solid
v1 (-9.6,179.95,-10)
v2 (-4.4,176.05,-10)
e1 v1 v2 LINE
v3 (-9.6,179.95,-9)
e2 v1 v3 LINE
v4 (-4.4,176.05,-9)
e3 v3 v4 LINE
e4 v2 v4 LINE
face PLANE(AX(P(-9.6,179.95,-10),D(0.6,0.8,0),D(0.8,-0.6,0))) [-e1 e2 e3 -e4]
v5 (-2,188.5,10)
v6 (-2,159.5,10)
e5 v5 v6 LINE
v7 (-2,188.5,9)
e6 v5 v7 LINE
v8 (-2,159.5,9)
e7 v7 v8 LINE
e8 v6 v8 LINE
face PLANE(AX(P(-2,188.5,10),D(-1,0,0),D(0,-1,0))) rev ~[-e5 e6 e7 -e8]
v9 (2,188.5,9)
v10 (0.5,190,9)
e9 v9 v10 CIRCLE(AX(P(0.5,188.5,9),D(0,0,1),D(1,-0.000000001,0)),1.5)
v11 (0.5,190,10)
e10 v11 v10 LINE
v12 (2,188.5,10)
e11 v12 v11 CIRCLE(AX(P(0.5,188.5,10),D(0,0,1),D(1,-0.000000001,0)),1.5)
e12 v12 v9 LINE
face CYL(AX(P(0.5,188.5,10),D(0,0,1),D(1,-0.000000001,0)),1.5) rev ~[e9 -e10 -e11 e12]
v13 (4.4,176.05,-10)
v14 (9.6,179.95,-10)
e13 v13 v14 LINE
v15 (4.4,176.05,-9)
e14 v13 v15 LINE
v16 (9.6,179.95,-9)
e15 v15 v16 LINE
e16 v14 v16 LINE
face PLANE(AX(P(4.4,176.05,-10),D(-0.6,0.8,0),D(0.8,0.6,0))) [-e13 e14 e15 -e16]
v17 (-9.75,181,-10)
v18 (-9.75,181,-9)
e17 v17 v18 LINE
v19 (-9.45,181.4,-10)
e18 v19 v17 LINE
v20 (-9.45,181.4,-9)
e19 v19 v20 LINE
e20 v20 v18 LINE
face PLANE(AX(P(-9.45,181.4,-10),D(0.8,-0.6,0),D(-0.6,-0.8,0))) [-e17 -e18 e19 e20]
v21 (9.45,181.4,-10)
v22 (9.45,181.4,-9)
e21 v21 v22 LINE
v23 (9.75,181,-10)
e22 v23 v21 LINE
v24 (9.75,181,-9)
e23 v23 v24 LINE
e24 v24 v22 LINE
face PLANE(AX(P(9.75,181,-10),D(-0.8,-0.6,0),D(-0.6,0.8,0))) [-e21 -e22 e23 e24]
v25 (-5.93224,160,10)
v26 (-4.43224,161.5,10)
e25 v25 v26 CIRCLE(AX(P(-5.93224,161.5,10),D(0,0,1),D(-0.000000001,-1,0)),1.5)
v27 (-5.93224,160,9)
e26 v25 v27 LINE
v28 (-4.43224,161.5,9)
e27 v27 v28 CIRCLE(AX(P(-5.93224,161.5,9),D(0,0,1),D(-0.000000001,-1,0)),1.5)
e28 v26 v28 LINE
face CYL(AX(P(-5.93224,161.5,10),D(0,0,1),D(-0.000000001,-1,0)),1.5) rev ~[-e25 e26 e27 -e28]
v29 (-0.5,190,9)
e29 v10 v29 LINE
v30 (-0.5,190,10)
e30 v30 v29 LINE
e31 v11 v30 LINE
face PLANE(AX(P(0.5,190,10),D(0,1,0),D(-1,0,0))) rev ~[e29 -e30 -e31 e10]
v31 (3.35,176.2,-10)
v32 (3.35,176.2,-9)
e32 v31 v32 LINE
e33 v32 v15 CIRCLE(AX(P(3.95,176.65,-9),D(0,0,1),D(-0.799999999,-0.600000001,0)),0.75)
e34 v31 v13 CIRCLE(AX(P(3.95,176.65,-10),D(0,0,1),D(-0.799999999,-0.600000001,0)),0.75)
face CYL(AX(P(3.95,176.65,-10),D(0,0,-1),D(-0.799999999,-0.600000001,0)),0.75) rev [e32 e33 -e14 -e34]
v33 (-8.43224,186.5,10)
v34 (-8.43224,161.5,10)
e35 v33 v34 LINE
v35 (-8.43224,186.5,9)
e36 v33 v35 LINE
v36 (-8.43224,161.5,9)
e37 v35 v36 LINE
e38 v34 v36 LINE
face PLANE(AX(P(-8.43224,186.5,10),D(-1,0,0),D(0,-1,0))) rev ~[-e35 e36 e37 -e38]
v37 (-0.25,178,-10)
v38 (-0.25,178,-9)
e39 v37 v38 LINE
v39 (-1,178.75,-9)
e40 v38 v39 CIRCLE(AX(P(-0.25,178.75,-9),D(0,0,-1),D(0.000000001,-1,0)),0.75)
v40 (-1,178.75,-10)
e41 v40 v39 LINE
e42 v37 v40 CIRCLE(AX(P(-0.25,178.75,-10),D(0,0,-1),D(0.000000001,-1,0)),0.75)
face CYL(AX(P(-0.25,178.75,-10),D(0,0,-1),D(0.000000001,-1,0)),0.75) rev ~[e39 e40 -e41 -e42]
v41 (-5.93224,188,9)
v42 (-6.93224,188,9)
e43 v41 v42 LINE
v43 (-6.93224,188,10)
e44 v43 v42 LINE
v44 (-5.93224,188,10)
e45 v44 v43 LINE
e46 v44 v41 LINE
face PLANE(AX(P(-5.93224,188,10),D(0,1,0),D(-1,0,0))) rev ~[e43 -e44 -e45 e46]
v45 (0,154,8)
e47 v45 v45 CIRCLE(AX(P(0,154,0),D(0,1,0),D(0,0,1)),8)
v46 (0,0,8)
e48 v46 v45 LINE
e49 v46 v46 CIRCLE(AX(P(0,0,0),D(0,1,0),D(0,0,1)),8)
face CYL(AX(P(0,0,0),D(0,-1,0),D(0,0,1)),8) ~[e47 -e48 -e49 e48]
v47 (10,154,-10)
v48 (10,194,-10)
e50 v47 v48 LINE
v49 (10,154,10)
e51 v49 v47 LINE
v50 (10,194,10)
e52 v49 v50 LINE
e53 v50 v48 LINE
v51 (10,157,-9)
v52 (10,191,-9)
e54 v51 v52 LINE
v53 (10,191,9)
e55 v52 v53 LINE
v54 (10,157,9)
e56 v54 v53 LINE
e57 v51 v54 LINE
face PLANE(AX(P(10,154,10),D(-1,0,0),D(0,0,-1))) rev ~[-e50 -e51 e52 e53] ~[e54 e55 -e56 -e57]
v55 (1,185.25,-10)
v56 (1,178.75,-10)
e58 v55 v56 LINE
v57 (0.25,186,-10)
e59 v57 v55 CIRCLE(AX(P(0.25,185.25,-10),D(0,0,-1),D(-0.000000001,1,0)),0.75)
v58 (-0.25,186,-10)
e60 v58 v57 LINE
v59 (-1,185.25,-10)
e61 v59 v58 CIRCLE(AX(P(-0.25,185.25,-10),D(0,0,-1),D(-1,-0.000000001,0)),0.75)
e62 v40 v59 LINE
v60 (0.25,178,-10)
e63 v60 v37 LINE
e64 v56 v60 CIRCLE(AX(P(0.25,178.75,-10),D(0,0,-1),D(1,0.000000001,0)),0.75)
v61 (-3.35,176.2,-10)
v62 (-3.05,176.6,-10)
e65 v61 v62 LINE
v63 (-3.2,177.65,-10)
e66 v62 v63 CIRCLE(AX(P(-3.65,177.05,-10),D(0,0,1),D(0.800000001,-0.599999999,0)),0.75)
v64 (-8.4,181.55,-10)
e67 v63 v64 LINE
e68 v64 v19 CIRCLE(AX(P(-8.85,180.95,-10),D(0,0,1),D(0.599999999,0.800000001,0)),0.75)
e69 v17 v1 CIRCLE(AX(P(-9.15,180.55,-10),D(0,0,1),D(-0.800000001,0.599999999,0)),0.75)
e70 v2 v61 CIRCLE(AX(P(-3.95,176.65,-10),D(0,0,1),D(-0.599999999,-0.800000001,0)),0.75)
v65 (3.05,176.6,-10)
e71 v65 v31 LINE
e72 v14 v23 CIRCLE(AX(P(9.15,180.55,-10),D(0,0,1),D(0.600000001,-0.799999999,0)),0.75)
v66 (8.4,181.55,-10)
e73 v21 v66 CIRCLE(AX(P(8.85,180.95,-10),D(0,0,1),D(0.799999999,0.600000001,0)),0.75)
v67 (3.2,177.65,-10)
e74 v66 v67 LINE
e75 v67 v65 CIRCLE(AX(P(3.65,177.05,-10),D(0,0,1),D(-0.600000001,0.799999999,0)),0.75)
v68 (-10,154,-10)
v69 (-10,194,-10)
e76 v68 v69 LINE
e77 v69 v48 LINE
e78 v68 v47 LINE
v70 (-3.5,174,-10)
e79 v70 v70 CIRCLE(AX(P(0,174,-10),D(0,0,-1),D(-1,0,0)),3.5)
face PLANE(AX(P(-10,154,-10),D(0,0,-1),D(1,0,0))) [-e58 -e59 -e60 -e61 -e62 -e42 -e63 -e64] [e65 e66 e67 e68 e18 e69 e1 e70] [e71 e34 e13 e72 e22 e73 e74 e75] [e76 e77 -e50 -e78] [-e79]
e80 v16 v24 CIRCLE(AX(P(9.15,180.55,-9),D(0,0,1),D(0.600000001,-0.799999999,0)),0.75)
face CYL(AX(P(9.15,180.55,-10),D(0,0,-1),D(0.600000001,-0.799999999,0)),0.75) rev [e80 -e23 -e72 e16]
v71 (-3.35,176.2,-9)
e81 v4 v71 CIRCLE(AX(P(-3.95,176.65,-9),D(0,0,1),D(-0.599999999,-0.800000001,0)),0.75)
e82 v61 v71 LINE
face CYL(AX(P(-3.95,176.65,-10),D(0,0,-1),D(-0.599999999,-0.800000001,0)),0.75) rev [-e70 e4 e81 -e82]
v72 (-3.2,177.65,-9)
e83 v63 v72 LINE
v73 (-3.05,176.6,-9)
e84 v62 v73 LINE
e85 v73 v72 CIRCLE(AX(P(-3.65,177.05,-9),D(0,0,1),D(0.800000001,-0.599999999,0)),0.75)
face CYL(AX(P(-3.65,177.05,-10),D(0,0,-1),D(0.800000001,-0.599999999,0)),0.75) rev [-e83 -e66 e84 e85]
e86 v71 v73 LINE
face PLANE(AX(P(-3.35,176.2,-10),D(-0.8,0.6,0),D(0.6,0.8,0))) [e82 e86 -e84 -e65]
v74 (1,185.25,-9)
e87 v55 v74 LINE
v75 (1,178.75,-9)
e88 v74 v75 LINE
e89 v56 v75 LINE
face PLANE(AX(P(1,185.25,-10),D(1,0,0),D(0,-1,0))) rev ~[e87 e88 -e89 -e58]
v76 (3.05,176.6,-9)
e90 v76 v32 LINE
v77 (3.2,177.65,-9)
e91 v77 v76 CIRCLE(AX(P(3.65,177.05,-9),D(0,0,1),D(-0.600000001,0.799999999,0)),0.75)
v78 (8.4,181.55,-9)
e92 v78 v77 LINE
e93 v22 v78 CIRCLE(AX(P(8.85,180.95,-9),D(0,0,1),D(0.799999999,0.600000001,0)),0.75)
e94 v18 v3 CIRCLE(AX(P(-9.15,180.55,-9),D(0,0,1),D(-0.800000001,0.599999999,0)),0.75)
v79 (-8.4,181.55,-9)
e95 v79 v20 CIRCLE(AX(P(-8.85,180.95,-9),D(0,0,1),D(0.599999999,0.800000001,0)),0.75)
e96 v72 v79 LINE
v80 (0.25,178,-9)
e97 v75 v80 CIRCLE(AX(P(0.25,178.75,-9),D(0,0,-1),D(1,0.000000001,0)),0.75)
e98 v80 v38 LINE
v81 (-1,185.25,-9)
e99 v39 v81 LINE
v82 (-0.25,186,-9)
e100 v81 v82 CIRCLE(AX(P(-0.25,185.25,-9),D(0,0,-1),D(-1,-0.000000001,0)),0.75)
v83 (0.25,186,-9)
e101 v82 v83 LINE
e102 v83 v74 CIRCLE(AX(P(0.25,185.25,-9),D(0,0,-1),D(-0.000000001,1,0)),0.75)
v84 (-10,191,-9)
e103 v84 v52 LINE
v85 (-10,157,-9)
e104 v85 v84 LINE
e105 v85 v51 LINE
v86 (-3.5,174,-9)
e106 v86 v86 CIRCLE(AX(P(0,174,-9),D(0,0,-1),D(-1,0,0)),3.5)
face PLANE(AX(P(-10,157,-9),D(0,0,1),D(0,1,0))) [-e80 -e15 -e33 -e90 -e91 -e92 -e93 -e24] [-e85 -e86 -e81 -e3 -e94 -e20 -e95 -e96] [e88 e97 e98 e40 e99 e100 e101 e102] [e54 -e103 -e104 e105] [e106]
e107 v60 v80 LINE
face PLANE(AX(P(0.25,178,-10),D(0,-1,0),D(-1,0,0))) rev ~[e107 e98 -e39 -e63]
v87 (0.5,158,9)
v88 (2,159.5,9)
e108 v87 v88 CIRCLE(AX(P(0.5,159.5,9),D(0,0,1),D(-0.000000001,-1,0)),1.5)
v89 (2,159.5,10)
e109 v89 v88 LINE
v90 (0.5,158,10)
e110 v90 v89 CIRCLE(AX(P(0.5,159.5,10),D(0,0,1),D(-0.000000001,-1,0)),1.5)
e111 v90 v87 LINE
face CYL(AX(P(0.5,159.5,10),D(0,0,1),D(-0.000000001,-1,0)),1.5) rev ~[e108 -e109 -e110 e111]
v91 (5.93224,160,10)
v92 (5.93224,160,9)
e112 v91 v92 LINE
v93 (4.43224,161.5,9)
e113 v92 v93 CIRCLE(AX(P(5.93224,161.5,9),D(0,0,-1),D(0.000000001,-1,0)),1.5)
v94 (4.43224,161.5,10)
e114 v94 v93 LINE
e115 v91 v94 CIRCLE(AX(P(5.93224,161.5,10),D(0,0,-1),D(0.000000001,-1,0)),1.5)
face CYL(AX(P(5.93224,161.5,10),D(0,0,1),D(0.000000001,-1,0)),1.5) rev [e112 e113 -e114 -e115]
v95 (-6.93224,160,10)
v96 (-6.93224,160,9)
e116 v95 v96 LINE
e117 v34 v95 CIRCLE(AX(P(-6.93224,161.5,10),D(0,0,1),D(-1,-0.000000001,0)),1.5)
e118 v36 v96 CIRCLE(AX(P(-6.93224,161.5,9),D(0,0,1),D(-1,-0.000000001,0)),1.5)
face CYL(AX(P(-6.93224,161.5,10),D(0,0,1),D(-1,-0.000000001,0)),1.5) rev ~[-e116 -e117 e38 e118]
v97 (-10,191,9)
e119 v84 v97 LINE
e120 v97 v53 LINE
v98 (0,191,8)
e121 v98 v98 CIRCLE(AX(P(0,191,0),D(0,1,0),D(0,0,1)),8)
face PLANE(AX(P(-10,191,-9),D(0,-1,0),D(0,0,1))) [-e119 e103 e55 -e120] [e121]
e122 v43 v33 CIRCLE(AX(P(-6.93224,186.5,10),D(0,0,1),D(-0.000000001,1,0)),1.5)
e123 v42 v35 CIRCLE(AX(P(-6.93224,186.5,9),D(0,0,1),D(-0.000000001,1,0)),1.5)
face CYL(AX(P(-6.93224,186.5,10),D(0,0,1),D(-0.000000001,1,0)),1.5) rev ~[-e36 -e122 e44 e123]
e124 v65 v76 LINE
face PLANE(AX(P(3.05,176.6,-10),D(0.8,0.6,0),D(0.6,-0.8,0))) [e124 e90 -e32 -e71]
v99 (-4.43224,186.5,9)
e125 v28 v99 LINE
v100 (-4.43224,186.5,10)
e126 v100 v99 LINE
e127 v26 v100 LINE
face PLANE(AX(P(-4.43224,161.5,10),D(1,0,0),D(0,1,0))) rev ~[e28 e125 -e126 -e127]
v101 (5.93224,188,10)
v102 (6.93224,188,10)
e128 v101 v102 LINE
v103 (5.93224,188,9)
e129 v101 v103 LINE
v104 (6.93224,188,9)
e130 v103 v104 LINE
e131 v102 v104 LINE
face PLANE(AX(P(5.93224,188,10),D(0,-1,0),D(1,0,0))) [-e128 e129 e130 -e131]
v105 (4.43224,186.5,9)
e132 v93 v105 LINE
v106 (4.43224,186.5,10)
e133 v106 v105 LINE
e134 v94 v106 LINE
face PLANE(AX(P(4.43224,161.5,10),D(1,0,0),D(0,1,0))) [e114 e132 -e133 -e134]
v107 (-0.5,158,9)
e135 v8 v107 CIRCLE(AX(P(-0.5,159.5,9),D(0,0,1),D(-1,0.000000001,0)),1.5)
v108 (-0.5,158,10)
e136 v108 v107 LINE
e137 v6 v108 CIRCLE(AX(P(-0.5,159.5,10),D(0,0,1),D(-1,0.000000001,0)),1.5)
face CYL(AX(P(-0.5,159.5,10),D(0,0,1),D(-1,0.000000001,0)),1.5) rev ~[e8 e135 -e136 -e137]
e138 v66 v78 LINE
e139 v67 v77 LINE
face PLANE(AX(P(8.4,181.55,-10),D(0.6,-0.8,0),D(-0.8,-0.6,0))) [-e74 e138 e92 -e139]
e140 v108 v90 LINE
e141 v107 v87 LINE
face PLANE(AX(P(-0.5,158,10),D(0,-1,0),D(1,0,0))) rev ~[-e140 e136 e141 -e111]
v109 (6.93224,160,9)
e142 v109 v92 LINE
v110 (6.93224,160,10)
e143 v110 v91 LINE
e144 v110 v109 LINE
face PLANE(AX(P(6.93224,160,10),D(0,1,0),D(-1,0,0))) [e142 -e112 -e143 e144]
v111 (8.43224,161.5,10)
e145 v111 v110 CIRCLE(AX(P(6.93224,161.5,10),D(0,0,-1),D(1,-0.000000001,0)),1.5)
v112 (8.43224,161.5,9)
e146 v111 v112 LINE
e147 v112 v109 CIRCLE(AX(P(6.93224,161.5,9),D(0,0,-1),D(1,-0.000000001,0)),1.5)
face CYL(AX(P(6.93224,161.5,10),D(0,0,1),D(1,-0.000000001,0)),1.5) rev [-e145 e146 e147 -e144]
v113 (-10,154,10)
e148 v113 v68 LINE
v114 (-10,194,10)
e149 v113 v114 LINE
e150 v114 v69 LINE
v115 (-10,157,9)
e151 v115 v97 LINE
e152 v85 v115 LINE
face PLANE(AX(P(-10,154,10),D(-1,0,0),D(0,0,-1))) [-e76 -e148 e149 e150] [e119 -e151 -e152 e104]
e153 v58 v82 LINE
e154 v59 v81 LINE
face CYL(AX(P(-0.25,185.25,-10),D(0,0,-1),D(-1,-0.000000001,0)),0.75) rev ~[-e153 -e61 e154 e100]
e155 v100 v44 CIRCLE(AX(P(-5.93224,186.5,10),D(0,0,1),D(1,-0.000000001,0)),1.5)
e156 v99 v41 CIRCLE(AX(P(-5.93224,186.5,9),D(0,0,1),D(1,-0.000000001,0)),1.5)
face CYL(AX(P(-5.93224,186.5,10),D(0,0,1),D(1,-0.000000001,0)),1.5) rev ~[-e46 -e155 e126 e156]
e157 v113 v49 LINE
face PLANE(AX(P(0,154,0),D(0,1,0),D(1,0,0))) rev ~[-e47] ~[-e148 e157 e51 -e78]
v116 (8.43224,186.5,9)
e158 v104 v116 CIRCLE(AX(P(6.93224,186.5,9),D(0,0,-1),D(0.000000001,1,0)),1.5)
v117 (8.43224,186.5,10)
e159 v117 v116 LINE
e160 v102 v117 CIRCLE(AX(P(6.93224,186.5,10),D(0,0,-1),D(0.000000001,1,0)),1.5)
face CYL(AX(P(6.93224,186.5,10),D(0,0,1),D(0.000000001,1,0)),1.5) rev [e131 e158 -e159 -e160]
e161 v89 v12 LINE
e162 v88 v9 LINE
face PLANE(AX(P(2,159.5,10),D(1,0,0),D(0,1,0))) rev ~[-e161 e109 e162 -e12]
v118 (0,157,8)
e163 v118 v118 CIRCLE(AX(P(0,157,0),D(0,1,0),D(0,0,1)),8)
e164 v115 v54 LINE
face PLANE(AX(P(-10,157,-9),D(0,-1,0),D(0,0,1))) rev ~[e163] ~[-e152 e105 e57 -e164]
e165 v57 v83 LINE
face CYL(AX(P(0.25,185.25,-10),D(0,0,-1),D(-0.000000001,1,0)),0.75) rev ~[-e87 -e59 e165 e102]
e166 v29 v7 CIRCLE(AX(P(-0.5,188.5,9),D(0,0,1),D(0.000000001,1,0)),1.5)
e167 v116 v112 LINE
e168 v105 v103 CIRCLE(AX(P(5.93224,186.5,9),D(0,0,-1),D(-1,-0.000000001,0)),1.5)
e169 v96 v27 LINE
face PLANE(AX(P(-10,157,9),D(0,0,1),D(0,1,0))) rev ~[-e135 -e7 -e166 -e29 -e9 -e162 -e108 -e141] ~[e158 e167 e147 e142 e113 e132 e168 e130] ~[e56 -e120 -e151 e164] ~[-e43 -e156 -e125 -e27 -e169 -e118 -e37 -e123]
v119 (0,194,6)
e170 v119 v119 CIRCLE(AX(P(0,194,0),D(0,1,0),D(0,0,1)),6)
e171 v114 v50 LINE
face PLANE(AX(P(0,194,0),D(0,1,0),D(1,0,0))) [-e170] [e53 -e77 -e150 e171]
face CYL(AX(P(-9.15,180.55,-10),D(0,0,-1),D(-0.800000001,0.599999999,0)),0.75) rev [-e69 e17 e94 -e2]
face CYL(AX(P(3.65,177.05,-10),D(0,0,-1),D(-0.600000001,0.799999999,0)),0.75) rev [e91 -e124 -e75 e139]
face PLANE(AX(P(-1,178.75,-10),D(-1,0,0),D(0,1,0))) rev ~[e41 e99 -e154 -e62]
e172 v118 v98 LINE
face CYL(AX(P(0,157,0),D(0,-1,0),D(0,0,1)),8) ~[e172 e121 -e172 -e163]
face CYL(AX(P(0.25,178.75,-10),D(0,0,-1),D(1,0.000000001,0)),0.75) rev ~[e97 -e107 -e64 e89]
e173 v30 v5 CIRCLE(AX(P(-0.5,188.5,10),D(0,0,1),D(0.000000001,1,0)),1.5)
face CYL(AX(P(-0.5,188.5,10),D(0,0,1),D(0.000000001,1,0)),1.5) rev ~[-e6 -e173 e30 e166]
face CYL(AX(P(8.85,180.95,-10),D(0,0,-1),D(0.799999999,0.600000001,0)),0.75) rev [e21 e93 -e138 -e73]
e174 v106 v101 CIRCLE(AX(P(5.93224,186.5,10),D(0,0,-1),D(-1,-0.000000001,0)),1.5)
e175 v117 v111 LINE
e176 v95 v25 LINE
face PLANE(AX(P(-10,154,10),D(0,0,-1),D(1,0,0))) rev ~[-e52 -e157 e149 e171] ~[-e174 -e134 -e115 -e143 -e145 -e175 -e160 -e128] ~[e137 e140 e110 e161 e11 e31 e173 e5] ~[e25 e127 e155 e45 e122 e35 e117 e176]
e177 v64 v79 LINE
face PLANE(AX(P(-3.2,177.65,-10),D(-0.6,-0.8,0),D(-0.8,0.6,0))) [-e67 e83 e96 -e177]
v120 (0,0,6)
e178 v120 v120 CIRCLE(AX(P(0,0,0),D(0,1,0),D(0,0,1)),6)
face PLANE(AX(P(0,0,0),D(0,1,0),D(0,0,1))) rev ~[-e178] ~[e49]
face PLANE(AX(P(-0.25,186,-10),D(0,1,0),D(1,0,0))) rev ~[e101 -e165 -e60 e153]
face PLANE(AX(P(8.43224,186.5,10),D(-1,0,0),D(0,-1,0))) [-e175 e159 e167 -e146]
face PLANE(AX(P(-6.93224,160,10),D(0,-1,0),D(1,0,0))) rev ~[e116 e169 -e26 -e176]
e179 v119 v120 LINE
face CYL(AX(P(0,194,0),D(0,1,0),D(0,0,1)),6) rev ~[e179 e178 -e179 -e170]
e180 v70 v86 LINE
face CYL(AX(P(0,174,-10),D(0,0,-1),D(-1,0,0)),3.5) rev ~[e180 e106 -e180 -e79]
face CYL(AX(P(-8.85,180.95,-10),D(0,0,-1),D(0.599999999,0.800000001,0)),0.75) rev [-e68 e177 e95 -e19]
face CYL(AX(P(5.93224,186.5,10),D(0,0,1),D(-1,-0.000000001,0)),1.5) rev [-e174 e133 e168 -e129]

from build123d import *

# Parameters (mm, degrees)
SKETCH1_R           = 8
BOSS_EXTRUDE1_DEPTH = 154
SKETCH2_W           = 20
SKETCH2_H           = 20
BOSS_EXTRUDE2_DEPTH = 40
SKETCH3_W           = 18
SKETCH3_H           = 34
CUT_EXTRUDE1_DEPTH  = 196.28440798
SKETCH6_R           = 8
BOSS_EXTRUDE3_DEPTH = 34
SKETCH7_R           = 3.5
CUT_EXTRUDE4_DEPTH  = 1
CUT_EXTRUDE5_DEPTH  = 1
SKETCH4_R           = 6
CUT_EXTRUDE3_DEPTH  = 195.514780929


with BuildPart() as part:
    # Sketch1 → Boss-Extrude1 (new body)
    with BuildSketch(Plane(origin=(0, 0, 0), x_dir=(1, 0, 0), z_dir=(0, 1, 0))):
        with Locations(Location((0, 0, 0), (0, 0, 270))):
            Circle(SKETCH1_R)
    extrude(amount=BOSS_EXTRUDE1_DEPTH)

    # Sketch2 → Boss-Extrude2 (add)
    with BuildSketch(Plane(origin=(0, 154, 0), x_dir=(1, 0, 0), z_dir=(0, 1, 0))):
        Rectangle(SKETCH2_W, SKETCH2_H)
    extrude(amount=BOSS_EXTRUDE2_DEPTH)

    # Sketch3 → Cut-Extrude1 (cut, through all)
    with BuildSketch(Plane.ZY.offset(10)):
        with Locations((0, 174)):
            Rectangle(SKETCH3_W, SKETCH3_H)
    extrude(amount=-CUT_EXTRUDE1_DEPTH, mode=Mode.SUBTRACT)

    # Sketch6 → Boss-Extrude3 (add)
    with BuildSketch(Plane(origin=(0, 157, 0), x_dir=(1, 0, 0), z_dir=(0, 1, 0))):
        with Locations(Location((0, 0, 0), (0, 0, 270))):
            Circle(SKETCH6_R)
    extrude(amount=BOSS_EXTRUDE3_DEPTH)

    # Sketch7 → Cut-Extrude4 (cut)
    with BuildSketch(Plane(origin=(0, 0, -10), x_dir=(-1, 0, 0), z_dir=(0, 0, -1))):
        with Locations((0, 174)):
            Circle(SKETCH7_R)
        with BuildLine():
            Line((-0.25, 178), (0.25, 178))
            ThreePointArc((0.25, 178), (0.780330086, 178.219669914), (1, 178.75))
            Line((1, 178.75), (1, 185.25))
            ThreePointArc((1, 185.25), (0.780330086, 185.780330086), (0.25, 186))
            Line((0.25, 186), (-0.25, 186))
            ThreePointArc((-0.25, 186), (-0.780330086, 185.780330086), (-1, 185.25))
            Line((-1, 185.25), (-1, 178.75))
            ThreePointArc((-1, 178.75), (-0.780330086, 178.219669914), (-0.25, 178))
        make_face()
        with BuildLine():
            Line((-4.4, 176.05), (-9.6, 179.95))
            ThreePointArc((-9.6, 179.95), (-9.89246212, 180.443933983), (-9.75, 181))
            Line((-9.75, 181), (-9.45, 181.4))
            ThreePointArc((-9.45, 181.4), (-8.956066017, 181.69246212), (-8.4, 181.55))
            Line((-8.4, 181.55), (-3.2, 177.65))
            ThreePointArc((-3.2, 177.65), (-2.90753788, 177.156066017), (-3.05, 176.6))
            Line((-3.05, 176.6), (-3.35, 176.2))
            ThreePointArc((-3.35, 176.2), (-3.843933983, 175.90753788), (-4.4, 176.05))
        make_face()
        with BuildLine():
            Line((3.2, 177.65), (8.4, 181.55))
            ThreePointArc((8.4, 181.55), (8.956066017, 181.69246212), (9.45, 181.4))
            Line((9.45, 181.4), (9.75, 181))
            ThreePointArc((9.75, 181), (9.89246212, 180.443933983), (9.6, 179.95))
            Line((9.6, 179.95), (4.4, 176.05))
            ThreePointArc((4.4, 176.05), (3.843933983, 175.90753788), (3.35, 176.2))
            Line((3.35, 176.2), (3.05, 176.6))
            ThreePointArc((3.05, 176.6), (2.90753788, 177.156066017), (3.2, 177.65))
        make_face()
        with BuildLine():
            Line((3.35, 263.8), (3.05, 263.4))
            ThreePointArc((3.05, 263.4), (2.90753788, 262.843933983), (3.2, 262.35))
            Line((3.2, 262.35), (8.4, 258.45))
            ThreePointArc((8.4, 258.45), (8.956066017, 258.30753788), (9.45, 258.6))
            Line((9.45, 258.6), (9.75, 259))
            ThreePointArc((9.75, 259), (9.89246212, 259.556066017), (9.6, 260.05))
            Line((9.6, 260.05), (4.4, 263.95))
            ThreePointArc((4.4, 263.95), (3.843933983, 264.09246212), (3.35, 263.8))
        make_face()
        with BuildLine():
            Line((-3.05, 263.4), (-3.35, 263.8))
            ThreePointArc((-3.35, 263.8), (-3.843933983, 264.09246212), (-4.4, 263.95))
            Line((-4.4, 263.95), (-9.6, 260.05))
            ThreePointArc((-9.6, 260.05), (-9.89246212, 259.556066017), (-9.75, 259))
            Line((-9.75, 259), (-9.45, 258.6))
            ThreePointArc((-9.45, 258.6), (-8.956066017, 258.30753788), (-8.4, 258.45))
            Line((-8.4, 258.45), (-3.2, 262.35))
            ThreePointArc((-3.2, 262.35), (-2.90753788, 262.843933983), (-3.05, 263.4))
        make_face()
        with BuildLine():
            Line((1, 261.25), (1, 254.75))
            ThreePointArc((1, 254.75), (0.780330086, 254.219669914), (0.25, 254))
            Line((0.25, 254), (-0.25, 254))
            ThreePointArc((-0.25, 254), (-0.780330086, 254.219669914), (-1, 254.75))
            Line((-1, 254.75), (-1, 261.25))
            ThreePointArc((-1, 261.25), (-0.780330086, 261.780330086), (-0.25, 262))
            Line((-0.25, 262), (0.25, 262))
            ThreePointArc((0.25, 262), (0.780330086, 261.780330086), (1, 261.25))
        make_face()
    extrude(amount=-CUT_EXTRUDE4_DEPTH, mode=Mode.SUBTRACT)

    # Sketch8 → Cut-Extrude5 (cut)
    with BuildSketch(Plane.XY.offset(10)):
        with BuildLine():
            Line((-0.5, 158), (0.5, 158))
            ThreePointArc((0.5, 158), (1.560660172, 158.439339828), (2, 159.5))
            Line((2, 159.5), (2, 188.5))
            ThreePointArc((2, 188.5), (1.560660172, 189.560660172), (0.5, 190))
            Line((0.5, 190), (-0.5, 190))
            ThreePointArc((-0.5, 190), (-1.560660172, 189.560660172), (-2, 188.5))
            Line((-2, 188.5), (-2, 159.5))
            ThreePointArc((-2, 159.5), (-1.560660172, 158.439339828), (-0.5, 158))
        make_face()
        with BuildLine():
            Line((-6.932239868, 160), (-5.932239868, 160))
            ThreePointArc((-5.932239868, 160), (-4.871579696, 160.439339828), (-4.432239868, 161.5))
            Line((-4.432239868, 161.5), (-4.432239868, 186.5))
            ThreePointArc((-4.432239868, 186.5), (-4.871579696, 187.560660172), (-5.932239868, 188))
            Line((-5.932239868, 188), (-6.932239868, 188))
            ThreePointArc((-6.932239868, 188), (-7.992900039, 187.560660172), (-8.432239868, 186.5))
            Line((-8.432239868, 186.5), (-8.432239868, 161.5))
            ThreePointArc((-8.432239868, 161.5), (-7.992900039, 160.439339828), (-6.932239868, 160))
        make_face()
        with BuildLine():
            Line((4.432239868, 161.5), (4.432239868, 186.5))
            ThreePointArc((4.432239868, 186.5), (4.871579696, 187.560660172), (5.932239868, 188))
            Line((5.932239868, 188), (6.932239868, 188))
            ThreePointArc((6.932239868, 188), (7.992900039, 187.560660172), (8.432239868, 186.5))
            Line((8.432239868, 186.5), (8.432239868, 161.5))
            ThreePointArc((8.432239868, 161.5), (7.992900039, 160.439339828), (6.932239868, 160))
            Line((6.932239868, 160), (5.932239868, 160))
            ThreePointArc((5.932239868, 160), (4.871579696, 160.439339828), (4.432239868, 161.5))
        make_face()
    extrude(amount=-CUT_EXTRUDE5_DEPTH, mode=Mode.SUBTRACT)

    # Sketch4 → Cut-Extrude3 (cut, through all)
    with BuildSketch(Plane(origin=(0, 194, 0), x_dir=(1, 0, 0), z_dir=(0, 1, 0))):
        with Locations(Location((0, 0, 0), (0, 0, 270))):
            Circle(SKETCH4_R)
    extrude(amount=-CUT_EXTRUDE3_DEPTH, mode=Mode.SUBTRACT)


solid = part.part
